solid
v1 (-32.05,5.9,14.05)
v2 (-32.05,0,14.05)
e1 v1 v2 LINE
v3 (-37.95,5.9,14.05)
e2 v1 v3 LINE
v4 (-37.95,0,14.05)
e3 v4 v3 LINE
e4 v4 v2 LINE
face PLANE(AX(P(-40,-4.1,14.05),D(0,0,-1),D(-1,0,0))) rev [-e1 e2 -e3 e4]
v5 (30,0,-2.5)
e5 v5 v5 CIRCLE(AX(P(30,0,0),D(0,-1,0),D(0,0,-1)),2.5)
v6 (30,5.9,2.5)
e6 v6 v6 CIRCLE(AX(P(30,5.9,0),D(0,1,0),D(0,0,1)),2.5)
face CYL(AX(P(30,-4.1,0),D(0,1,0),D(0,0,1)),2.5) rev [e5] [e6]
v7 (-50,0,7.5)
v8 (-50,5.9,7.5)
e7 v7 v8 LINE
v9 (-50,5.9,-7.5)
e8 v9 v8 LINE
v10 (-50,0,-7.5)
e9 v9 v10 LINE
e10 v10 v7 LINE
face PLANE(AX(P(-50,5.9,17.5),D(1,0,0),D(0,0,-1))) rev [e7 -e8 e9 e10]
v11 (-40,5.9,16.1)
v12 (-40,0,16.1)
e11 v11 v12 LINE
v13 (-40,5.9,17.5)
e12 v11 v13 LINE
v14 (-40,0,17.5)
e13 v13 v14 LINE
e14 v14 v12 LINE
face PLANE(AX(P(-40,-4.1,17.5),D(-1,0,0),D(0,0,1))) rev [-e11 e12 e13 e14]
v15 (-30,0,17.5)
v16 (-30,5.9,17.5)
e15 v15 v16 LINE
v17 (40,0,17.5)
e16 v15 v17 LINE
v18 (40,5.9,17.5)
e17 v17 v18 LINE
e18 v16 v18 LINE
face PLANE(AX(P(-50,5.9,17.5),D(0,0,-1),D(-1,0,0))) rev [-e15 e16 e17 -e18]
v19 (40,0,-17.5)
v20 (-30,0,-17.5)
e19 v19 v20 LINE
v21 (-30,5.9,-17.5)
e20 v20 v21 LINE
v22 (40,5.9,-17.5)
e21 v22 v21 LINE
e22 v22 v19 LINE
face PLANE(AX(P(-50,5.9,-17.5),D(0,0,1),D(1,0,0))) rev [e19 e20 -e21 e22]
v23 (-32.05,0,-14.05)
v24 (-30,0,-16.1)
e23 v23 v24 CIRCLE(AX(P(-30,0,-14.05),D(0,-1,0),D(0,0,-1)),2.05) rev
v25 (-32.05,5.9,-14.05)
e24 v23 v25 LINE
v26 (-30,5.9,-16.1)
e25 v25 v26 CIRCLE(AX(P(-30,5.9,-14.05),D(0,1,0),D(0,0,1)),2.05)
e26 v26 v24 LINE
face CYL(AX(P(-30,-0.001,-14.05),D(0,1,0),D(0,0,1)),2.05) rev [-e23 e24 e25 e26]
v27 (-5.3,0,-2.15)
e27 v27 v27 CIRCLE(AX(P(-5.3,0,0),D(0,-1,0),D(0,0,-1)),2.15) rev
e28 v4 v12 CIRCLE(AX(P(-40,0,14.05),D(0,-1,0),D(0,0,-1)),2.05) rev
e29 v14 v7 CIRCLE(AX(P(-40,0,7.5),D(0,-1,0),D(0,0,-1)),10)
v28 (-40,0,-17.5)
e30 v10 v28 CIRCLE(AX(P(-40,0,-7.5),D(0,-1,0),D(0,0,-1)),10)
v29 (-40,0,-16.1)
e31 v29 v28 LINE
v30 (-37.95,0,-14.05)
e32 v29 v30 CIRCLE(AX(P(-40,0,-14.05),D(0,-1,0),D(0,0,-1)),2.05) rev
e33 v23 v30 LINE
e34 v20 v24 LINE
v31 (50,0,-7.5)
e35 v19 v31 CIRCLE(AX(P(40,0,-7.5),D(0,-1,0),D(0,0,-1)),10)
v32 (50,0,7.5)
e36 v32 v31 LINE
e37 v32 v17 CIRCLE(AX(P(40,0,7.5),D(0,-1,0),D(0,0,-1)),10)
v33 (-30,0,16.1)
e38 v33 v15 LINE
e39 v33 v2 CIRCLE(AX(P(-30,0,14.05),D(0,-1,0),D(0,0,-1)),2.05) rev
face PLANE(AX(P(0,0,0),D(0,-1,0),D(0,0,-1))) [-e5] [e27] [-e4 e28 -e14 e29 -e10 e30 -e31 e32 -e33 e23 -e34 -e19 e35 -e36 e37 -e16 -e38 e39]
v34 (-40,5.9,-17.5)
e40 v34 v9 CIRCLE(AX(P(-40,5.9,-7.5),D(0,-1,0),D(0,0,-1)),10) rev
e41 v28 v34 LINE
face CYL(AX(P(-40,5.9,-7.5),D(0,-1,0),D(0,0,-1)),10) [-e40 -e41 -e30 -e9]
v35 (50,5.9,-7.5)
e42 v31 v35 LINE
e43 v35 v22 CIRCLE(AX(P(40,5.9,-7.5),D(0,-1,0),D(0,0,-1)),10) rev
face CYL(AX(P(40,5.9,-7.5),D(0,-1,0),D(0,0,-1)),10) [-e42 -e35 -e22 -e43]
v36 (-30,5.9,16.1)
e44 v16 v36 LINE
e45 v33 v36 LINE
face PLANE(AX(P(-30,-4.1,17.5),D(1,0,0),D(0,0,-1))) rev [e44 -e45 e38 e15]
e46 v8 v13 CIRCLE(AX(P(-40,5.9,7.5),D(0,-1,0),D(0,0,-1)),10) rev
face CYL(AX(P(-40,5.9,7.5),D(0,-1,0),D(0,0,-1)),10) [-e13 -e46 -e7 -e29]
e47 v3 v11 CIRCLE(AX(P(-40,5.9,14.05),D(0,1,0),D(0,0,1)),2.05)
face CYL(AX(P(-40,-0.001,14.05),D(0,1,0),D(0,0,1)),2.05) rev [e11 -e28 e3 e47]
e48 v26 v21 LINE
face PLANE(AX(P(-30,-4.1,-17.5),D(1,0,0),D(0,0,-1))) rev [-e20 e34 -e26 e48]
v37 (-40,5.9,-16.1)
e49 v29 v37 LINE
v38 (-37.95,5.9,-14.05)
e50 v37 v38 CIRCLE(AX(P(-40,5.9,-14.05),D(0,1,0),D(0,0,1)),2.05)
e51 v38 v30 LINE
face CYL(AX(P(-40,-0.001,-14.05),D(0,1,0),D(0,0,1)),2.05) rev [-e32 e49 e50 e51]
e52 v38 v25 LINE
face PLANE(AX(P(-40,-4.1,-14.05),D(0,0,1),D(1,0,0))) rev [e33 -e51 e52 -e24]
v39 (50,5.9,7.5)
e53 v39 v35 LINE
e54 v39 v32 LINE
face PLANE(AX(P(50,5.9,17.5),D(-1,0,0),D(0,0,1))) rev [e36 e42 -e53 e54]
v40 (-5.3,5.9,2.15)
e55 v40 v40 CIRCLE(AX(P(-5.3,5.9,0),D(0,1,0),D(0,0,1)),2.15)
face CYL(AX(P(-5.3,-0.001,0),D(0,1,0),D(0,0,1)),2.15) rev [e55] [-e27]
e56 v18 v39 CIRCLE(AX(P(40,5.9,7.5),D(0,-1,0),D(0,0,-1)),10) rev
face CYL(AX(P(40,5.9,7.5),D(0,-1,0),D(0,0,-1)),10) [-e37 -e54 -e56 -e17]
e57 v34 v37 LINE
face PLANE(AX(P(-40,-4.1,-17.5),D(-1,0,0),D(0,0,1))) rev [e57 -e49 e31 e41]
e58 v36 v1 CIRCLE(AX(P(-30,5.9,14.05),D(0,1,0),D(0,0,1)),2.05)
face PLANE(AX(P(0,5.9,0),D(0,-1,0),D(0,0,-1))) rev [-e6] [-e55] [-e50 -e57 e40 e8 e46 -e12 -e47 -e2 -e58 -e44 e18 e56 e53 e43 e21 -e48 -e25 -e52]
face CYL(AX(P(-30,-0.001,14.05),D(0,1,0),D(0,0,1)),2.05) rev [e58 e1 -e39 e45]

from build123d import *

# Parameters (mm, degrees)
SKETCH1_W           = 100
SKETCH1_H           = 35
BOSS_EXTRUDE1_DEPTH = 5.9
SKETCH2_R           = 2.5
CUT_EXTRUDE1_DEPTH  = 10
FILLET1_R           = 10
SKETCH4_W           = 10
SKETCH4_H           = 3.45
CUT_EXTRUDE3_DEPTH  = 10
CUT_EXTRUDE5_REACH  = 7.9
SKETCH5_R           = 2.15
CUT_EXTRUDE6_REACH  = 7.9
SKETCH6_R           = 2.05


with BuildPart() as part:
    # Sketch1 → Boss-Extrude1 (new body)
    with BuildSketch(Plane(origin=(0, 0, 0), x_dir=(1, 0, 0), z_dir=(0, 1, 0))):
        Rectangle(SKETCH1_W, SKETCH1_H)
    extrude(amount=BOSS_EXTRUDE1_DEPTH)

    # Sketch2 → Cut-Extrude1 (cut)
    with BuildSketch(Plane(origin=(0, 5.9, 0), x_dir=(1, 0, 0), z_dir=(0, 1, 0))):
        with Locations((30, 0)):
            Circle(SKETCH2_R)
    extrude(amount=-CUT_EXTRUDE1_DEPTH, mode=Mode.SUBTRACT)

    # Fillet1
    fillet1_edges = [part.edges().sort_by_distance(p)[0] for p in [
        (50, 2.95, 17.5),
        (-50, 2.95, 17.5),
        (-50, 2.95, -17.5),
        (50, 2.95, -17.5),
    ]]
    fillet(fillet1_edges, radius=FILLET1_R)

    # Sketch4 → Cut-Extrude3 (cut)
    with BuildSketch(Plane(origin=(0, 5.9, 0), x_dir=(1, 0, 0), z_dir=(0, 1, 0))):
        with Locations((-35, 15.775)):
            Rectangle(SKETCH4_W, SKETCH4_H)
        with Locations((-35, -15.775)):
            Rectangle(SKETCH4_W, SKETCH4_H)
    extrude(amount=-CUT_EXTRUDE3_DEPTH, mode=Mode.SUBTRACT)

    # Sketch5 → Cut-Extrude5 (cut, up to next)
    with BuildSketch(Plane(origin=(0, 5.9, 0), x_dir=(1, 0, 0), z_dir=(0, 1, 0)), mode=Mode.PRIVATE) as cut_extrude5_sk1:
        with Locations((-5.3, 0)):
            Circle(SKETCH5_R)
    cut_extrude5_tool1 = extrude(cut_extrude5_sk1.sketch, amount=-CUT_EXTRUDE5_REACH, mode=Mode.PRIVATE) & part.part
    add(cut_extrude5_tool1.solids().sort_by_distance((-5.3, 5.9, 0))[0], mode=Mode.SUBTRACT)

    # Sketch6 → Cut-Extrude6 (cut, up to next)
    with BuildSketch(Plane(origin=(0, 5.9, 0), x_dir=(1, 0, 0), z_dir=(0, 1, 0)), mode=Mode.PRIVATE) as cut_extrude6_sk1:
        with Locations((-40, 14.05)):
            Circle(SKETCH6_R)
    cut_extrude6_tool1 = extrude(cut_extrude6_sk1.sketch, amount=-CUT_EXTRUDE6_REACH, mode=Mode.PRIVATE) & part.part
    add(cut_extrude6_tool1.solids().sort_by_distance((-40, 5.9, -14.05))[0], mode=Mode.SUBTRACT)
    # Sketch6 → Cut-Extrude6 (cut, up to next)
    with BuildSketch(Plane(origin=(0, 5.9, 0), x_dir=(1, 0, 0), z_dir=(0, 1, 0)), mode=Mode.PRIVATE) as cut_extrude6_sk2:
        with Locations((-30, 14.05)):
            Circle(SKETCH6_R)
    cut_extrude6_tool2 = extrude(cut_extrude6_sk2.sketch, amount=-CUT_EXTRUDE6_REACH, mode=Mode.PRIVATE) & part.part
    add(cut_extrude6_tool2.solids().sort_by_distance((-30, 5.9, -14.05))[0], mode=Mode.SUBTRACT)
    # Sketch6 → Cut-Extrude6 (cut, up to next)
    with BuildSketch(Plane(origin=(0, 5.9, 0), x_dir=(1, 0, 0), z_dir=(0, 1, 0)), mode=Mode.PRIVATE) as cut_extrude6_sk3:
        with Locations((-30, -14.05)):
            Circle(SKETCH6_R)
    cut_extrude6_tool3 = extrude(cut_extrude6_sk3.sketch, amount=-CUT_EXTRUDE6_REACH, mode=Mode.PRIVATE) & part.part
    add(cut_extrude6_tool3.solids().sort_by_distance((-30, 5.9, 14.05))[0], mode=Mode.SUBTRACT)
    # Sketch6 → Cut-Extrude6 (cut, up to next)
    with BuildSketch(Plane(origin=(0, 5.9, 0), x_dir=(1, 0, 0), z_dir=(0, 1, 0)), mode=Mode.PRIVATE) as cut_extrude6_sk4:
        with Locations((-40, -14.05)):
            Circle(SKETCH6_R)
    cut_extrude6_tool4 = extrude(cut_extrude6_sk4.sketch, amount=-CUT_EXTRUDE6_REACH, mode=Mode.PRIVATE) & part.part
    add(cut_extrude6_tool4.solids().sort_by_distance((-40, 5.9, 14.05))[0], mode=Mode.SUBTRACT)


solid = part.part
